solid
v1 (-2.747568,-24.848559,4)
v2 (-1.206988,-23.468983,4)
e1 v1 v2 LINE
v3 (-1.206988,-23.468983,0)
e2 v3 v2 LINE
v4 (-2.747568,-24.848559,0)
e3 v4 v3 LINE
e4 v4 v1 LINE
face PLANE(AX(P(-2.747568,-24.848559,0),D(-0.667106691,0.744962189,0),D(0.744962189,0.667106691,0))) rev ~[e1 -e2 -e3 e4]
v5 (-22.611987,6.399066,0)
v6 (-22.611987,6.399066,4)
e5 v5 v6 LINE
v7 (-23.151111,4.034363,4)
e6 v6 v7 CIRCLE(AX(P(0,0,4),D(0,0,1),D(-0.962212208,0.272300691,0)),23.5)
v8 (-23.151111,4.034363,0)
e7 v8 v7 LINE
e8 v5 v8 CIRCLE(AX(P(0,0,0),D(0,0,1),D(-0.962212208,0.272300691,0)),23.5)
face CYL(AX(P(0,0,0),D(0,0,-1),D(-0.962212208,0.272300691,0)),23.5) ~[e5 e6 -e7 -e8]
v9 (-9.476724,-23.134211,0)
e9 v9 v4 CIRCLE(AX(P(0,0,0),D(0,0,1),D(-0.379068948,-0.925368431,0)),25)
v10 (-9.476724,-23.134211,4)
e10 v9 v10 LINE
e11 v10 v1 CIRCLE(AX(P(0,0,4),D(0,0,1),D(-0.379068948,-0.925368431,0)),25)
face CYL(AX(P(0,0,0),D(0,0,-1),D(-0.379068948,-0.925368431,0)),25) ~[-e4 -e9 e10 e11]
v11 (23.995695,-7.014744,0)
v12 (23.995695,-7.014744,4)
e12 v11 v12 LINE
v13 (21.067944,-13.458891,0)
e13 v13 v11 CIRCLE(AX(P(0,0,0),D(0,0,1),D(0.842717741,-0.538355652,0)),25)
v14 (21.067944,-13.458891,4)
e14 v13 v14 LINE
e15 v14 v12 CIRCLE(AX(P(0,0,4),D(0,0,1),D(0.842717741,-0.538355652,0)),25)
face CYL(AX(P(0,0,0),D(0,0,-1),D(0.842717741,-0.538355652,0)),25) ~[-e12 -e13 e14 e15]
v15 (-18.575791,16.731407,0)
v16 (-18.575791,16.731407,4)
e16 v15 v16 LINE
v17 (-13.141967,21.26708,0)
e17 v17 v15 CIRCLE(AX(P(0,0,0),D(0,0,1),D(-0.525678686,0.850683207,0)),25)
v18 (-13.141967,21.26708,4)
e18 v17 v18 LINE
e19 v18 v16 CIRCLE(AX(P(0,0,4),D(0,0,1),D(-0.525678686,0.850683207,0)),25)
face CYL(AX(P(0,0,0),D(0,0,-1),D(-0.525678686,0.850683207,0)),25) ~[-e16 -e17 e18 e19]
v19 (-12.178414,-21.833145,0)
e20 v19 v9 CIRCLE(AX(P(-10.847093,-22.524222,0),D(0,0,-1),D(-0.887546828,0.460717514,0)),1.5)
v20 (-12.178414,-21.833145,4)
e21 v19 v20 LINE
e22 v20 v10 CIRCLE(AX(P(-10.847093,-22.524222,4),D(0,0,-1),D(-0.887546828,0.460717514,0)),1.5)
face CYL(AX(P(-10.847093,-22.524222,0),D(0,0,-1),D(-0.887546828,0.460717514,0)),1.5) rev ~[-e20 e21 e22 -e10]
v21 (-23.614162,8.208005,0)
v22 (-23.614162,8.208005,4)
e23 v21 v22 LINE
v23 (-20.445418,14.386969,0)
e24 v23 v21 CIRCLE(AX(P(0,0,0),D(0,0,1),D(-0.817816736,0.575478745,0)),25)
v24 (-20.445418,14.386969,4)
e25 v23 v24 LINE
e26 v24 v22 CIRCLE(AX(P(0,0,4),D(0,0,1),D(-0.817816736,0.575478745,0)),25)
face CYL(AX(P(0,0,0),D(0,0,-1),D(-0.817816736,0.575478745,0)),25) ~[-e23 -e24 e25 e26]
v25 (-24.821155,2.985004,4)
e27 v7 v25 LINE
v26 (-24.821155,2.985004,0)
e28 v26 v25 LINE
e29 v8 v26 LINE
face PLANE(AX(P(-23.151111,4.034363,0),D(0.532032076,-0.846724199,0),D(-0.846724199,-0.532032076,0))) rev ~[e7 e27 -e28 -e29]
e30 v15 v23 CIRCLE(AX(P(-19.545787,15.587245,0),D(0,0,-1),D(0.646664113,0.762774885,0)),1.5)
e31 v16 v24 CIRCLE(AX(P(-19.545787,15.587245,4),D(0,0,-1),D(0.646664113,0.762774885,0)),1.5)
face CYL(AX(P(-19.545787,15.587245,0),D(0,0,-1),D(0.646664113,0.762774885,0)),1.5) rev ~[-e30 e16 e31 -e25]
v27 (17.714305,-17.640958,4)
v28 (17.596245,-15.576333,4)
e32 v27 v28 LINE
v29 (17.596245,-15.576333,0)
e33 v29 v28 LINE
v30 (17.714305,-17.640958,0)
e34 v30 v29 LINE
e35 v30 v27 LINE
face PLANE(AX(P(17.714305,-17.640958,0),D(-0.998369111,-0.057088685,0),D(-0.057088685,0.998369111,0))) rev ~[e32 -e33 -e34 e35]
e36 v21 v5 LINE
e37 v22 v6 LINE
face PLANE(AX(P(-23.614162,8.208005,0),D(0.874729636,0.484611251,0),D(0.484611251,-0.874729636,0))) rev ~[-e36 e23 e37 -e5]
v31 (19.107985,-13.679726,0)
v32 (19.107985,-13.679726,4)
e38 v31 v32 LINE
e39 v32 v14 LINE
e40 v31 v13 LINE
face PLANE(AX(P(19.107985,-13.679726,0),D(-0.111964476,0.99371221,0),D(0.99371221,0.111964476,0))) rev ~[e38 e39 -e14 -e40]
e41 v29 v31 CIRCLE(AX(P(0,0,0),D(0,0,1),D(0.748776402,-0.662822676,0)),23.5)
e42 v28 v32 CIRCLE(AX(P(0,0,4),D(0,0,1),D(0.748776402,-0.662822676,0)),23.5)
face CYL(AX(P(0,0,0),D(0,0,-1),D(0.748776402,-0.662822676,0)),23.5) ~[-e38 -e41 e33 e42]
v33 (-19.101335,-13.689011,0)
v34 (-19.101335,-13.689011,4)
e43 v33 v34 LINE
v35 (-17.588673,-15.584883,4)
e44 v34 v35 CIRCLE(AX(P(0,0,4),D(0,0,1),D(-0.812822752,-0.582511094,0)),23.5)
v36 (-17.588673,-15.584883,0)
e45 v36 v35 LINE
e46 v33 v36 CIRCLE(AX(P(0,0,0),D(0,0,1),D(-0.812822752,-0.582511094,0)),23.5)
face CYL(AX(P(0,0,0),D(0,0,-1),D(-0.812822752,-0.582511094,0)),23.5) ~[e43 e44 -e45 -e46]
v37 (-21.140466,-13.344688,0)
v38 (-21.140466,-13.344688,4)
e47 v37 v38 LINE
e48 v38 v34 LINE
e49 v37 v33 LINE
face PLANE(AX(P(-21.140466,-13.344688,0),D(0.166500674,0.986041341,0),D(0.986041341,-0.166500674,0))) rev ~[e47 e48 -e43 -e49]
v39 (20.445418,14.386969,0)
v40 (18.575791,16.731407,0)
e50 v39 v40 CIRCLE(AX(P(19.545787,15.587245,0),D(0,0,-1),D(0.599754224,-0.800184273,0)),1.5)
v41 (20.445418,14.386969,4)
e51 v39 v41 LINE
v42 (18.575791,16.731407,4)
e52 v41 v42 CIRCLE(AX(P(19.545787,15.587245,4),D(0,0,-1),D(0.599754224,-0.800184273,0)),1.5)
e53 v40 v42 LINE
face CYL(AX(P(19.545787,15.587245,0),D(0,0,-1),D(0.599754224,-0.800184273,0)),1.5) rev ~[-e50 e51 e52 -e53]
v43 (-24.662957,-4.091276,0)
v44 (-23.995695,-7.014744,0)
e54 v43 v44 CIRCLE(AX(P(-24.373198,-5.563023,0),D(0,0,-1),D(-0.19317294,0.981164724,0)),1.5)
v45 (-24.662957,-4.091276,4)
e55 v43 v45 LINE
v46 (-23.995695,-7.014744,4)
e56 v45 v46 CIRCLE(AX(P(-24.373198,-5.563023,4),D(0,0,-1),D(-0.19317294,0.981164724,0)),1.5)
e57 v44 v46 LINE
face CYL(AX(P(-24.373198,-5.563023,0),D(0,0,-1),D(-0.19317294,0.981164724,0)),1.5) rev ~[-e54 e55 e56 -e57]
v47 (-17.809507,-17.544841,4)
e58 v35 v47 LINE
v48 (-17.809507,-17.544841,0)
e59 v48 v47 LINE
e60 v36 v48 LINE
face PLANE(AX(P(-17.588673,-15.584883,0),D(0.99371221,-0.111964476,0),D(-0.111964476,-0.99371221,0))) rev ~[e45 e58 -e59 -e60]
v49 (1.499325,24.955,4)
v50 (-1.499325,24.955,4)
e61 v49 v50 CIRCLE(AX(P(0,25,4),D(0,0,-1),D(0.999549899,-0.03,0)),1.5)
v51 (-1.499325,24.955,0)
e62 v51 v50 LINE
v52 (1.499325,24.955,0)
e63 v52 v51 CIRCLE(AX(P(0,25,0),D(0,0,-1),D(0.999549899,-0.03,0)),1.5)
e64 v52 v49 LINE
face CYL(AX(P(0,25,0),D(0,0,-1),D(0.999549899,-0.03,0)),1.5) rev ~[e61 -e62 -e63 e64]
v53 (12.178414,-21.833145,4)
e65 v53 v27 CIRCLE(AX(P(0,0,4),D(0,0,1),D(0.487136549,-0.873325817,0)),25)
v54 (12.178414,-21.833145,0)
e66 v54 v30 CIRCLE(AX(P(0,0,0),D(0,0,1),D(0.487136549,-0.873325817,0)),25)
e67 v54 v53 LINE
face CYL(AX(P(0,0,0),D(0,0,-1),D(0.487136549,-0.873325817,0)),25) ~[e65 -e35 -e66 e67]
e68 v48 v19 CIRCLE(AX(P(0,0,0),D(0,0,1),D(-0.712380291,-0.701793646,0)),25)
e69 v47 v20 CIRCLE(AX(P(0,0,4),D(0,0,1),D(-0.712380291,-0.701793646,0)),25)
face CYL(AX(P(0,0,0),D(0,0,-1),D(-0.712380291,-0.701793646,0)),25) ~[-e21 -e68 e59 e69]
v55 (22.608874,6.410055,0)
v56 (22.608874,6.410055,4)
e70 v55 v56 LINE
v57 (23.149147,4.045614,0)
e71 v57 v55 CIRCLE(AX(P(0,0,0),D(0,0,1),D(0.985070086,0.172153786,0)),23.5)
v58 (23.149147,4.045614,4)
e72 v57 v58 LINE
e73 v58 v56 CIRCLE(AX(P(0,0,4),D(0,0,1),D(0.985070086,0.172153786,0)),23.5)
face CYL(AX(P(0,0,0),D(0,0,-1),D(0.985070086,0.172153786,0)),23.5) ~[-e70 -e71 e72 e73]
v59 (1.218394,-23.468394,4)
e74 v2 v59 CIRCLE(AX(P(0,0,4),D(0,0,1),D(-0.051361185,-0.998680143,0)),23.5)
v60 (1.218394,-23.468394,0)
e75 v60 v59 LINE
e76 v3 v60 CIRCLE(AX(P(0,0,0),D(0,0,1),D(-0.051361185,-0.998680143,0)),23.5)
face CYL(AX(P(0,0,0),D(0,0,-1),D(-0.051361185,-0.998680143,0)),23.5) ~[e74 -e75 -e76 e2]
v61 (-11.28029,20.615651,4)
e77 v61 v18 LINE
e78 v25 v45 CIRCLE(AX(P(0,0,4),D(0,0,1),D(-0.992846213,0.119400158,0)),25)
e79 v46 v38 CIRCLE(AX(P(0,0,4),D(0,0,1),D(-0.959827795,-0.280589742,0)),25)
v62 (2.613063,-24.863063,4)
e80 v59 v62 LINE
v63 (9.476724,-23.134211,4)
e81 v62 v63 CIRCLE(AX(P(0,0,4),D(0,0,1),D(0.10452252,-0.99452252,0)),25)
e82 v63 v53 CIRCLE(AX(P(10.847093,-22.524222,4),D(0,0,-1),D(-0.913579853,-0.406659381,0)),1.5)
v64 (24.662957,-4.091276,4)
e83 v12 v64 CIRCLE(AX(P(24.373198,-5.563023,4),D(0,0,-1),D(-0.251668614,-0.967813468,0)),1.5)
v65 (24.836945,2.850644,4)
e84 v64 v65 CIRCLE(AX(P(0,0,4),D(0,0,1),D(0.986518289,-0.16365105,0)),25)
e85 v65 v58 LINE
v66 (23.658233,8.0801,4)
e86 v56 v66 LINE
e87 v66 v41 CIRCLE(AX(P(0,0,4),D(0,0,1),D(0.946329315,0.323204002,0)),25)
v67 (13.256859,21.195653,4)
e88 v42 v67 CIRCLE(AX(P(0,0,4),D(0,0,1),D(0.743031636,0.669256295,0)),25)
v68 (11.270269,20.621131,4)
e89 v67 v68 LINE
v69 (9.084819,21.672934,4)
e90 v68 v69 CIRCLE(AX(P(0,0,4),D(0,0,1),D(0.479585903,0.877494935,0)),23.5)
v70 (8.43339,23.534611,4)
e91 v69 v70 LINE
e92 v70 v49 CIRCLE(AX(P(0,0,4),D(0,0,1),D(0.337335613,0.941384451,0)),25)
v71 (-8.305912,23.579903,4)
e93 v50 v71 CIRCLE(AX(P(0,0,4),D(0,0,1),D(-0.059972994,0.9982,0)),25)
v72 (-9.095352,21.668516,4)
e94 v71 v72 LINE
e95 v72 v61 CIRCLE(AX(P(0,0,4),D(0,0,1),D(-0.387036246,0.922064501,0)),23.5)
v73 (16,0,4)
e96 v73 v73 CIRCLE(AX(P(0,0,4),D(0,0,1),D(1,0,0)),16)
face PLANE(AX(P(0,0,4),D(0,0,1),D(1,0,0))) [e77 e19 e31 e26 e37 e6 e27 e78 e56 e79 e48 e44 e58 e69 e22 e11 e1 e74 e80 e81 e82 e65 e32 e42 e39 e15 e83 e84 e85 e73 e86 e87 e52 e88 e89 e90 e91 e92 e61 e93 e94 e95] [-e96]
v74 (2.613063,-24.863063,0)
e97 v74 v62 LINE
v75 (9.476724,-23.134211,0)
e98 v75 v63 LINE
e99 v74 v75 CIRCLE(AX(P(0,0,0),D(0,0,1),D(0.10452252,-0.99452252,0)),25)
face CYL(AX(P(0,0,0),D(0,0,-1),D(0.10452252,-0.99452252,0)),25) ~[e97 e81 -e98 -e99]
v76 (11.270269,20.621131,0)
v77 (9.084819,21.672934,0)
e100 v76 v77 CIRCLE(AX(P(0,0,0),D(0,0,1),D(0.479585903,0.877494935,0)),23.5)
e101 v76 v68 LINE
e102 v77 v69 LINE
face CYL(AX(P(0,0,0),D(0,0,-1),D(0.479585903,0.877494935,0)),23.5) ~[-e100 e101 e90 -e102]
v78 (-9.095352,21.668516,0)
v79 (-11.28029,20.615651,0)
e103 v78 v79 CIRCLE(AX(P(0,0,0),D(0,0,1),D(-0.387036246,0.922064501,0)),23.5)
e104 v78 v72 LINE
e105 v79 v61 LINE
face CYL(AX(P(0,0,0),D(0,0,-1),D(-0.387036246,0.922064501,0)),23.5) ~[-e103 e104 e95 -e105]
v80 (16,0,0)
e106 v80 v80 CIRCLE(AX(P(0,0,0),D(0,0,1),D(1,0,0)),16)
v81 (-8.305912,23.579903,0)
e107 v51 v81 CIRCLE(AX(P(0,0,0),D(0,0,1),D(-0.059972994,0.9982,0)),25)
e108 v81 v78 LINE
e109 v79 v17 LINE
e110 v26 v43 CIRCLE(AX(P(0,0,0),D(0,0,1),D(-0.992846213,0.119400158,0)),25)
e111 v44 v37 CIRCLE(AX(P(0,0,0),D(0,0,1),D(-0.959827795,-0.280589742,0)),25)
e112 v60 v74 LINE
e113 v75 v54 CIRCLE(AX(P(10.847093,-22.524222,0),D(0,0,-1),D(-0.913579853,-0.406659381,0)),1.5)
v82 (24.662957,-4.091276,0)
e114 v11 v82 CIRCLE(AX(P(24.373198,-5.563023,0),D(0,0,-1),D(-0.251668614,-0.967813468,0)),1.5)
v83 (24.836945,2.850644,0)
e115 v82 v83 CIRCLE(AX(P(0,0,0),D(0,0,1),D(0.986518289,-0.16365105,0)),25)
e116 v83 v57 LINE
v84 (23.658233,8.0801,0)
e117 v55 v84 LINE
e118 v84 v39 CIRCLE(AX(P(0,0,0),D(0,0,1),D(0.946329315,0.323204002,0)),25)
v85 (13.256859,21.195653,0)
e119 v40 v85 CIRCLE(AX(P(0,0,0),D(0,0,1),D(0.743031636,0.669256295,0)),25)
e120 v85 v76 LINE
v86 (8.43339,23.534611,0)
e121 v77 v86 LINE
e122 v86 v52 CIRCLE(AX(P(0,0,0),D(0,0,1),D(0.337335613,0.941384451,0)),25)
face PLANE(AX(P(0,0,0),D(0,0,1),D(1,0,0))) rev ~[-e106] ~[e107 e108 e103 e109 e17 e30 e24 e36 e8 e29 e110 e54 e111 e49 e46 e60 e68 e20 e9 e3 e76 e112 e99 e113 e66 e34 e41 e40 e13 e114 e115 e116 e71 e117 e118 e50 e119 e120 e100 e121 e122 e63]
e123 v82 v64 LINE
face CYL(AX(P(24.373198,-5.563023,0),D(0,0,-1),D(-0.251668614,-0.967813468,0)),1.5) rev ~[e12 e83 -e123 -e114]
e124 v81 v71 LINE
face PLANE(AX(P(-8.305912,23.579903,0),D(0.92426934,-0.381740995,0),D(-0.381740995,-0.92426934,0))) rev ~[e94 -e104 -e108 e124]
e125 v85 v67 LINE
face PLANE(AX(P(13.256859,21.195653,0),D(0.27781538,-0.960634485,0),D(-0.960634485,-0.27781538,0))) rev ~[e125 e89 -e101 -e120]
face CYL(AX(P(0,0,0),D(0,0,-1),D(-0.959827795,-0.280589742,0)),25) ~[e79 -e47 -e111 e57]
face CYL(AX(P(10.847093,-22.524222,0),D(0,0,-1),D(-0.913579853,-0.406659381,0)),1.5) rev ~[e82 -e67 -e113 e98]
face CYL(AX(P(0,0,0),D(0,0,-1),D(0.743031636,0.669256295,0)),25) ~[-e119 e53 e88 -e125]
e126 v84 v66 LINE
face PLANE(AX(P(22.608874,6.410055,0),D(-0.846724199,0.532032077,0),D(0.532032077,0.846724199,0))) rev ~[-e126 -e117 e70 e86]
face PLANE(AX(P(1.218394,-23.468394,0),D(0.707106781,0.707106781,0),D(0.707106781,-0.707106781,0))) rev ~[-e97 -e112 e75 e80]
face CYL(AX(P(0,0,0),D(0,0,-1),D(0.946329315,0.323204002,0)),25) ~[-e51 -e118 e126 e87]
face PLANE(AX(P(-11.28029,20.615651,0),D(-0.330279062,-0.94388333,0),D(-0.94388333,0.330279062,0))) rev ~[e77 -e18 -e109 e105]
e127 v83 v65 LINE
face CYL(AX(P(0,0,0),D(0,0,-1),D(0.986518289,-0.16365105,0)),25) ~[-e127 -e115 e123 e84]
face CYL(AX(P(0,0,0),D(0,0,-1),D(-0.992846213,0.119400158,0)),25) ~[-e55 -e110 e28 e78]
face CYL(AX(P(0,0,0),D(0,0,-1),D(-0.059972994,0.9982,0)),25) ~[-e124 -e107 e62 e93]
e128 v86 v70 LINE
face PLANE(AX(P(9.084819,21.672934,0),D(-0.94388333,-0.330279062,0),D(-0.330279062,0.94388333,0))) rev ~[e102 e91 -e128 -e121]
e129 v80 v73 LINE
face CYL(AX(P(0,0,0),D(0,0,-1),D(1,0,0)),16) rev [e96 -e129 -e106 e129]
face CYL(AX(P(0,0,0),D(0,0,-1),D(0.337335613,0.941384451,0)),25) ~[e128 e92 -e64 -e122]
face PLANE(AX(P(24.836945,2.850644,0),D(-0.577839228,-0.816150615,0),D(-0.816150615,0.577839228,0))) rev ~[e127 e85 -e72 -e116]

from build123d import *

# Parameters (mm, degrees)
SKETCH1_R           = 16
BOSS_EXTRUDE1_DEPTH = 4


with BuildPart() as part:
    # Sketch1 → Boss-Extrude1 (new body)
    with BuildSketch(Plane.XY):
        with BuildLine():
            Line((24.836944886, 2.850643567), (23.14914702, 4.045613953))
            ThreePointArc((23.14914702, 4.045613953), (22.909534515, 5.234809289), (22.60887418, 6.410055249))
            Line((22.60887418, 6.410055249), (23.658232882, 8.080100055))
            ThreePointArc((23.658232882, 8.080100055), (22.276156802, 11.347812041), (20.445418397, 14.386968637))
            ThreePointArc((20.445418397, 14.386968637), (18.373039838, 14.652010344), (18.575790893, 16.731407374))
            ThreePointArc((18.575790893, 16.731407374), (16.072080469, 19.149105186), (13.25685896, 21.195652633))
            Line((13.25685896, 21.195652633), (11.270268735, 20.621130974))
            ThreePointArc((11.270268735, 20.621130974), (10.191122428, 21.175245539), (9.084819485, 21.672933694))
            Line((9.084819485, 21.672933694), (8.433390327, 23.534611269))
            ThreePointArc((8.433390327, 23.534611269), (5.01687988, 24.491445778), (1.499324848, 24.955))
            ThreePointArc((1.499324848, 24.955), (0, 23.5), (-1.499324848, 24.955))
            ThreePointArc((-1.499324848, 24.955), (-4.950595028, 24.504930297), (-8.305912153, 23.579902954))
            Line((-8.305912153, 23.579902954), (-9.095351779, 21.668515778))
            ThreePointArc((-9.095351779, 21.668515778), (-10.201412708, 21.170290002), (-11.280289579, 20.615651021))
            Line((-11.280289579, 20.615651021), (-13.141967154, 21.267080179))
            ThreePointArc((-13.141967154, 21.267080179), (-16.020209918, 19.192521309), (-18.575790893, 16.731407374))
            ThreePointArc((-18.575790893, 16.731407374), (-18.373039838, 14.652010344), (-20.445418397, 14.386968637))
            ThreePointArc((-20.445418397, 14.386968637), (-22.245371495, 11.408043085), (-23.614162005, 8.208005408))
            Line((-23.614162005, 8.208005408), (-22.611986892, 6.399066244))
            ThreePointArc((-22.611986892, 6.399066244), (-22.912076004, 5.223674298), (-23.151110514, 4.034362646))
            Line((-23.151110514, 4.034362646), (-24.821155321, 2.985003945))
            ThreePointArc((-24.821155321, 2.985003945), (-24.993754895, -0.558763162), (-24.662957214, -4.091276263))
            ThreePointArc((-24.662957214, -4.091276263), (-22.910805936, -5.229241948), (-23.995694883, -7.014743551))
            ThreePointArc((-23.995694883, -7.014743551), (-22.788929503, -10.279333251), (-21.140466226, -13.344687622))
            Line((-21.140466226, -13.344687622), (-19.101334675, -13.689010689))
            ThreePointArc((-19.101334675, -13.689010689), (-18.369478748, -14.656474696), (-17.588673036, -15.584883087))
            Line((-17.588673036, -15.584883087), (-17.809507272, -17.544841143))
            ThreePointArc((-17.809507272, -17.544841143), (-15.146492656, -19.889287575), (-12.178413721, -21.833145427))
            ThreePointArc((-12.178413721, -21.833145427), (-10.196267869, -21.172768396), (-9.476723699, -23.13421077))
            ThreePointArc((-9.476723699, -23.13421077), (-6.171958786, -24.22616199), (-2.747568192, -24.848558691))
            Line((-2.747568192, -24.848558691), (-1.206987851, -23.468983368))
            ThreePointArc((-1.206987851, -23.468983368), (0.005710674, -23.499999306), (1.218393982, -23.468393982))
            Line((1.218393982, -23.468393982), (2.613063, -24.863063))
            ThreePointArc((2.613063, -24.863063), (6.106387485, -24.242772776), (9.476723699, -23.13421077))
            ThreePointArc((9.476723699, -23.13421077), (10.196267869, -21.172768396), (12.178413721, -21.833145427))
            ThreePointArc((12.178413721, -21.833145427), (15.092622782, -19.930196626), (17.714304731, -17.640958247))
            Line((17.714304731, -17.640958247), (17.596245443, -15.576332891))
            ThreePointArc((17.596245443, -15.576332891), (18.376599843, -14.647545126), (19.107985481, -13.679725541))
            Line((19.107985481, -13.679725541), (21.067943537, -13.458891304))
            ThreePointArc((21.067943537, -13.458891304), (22.761033302, -10.340955615), (23.995694883, -7.014743551))
            ThreePointArc((23.995694883, -7.014743551), (22.910805936, -5.229241948), (24.662957214, -4.091276263))
            ThreePointArc((24.662957214, -4.091276263), (24.992151562, -0.626386701), (24.836944886, 2.850643567))
        make_face()
        Circle(SKETCH1_R, mode=Mode.SUBTRACT)
    extrude(amount=BOSS_EXTRUDE1_DEPTH)


solid = part.part
